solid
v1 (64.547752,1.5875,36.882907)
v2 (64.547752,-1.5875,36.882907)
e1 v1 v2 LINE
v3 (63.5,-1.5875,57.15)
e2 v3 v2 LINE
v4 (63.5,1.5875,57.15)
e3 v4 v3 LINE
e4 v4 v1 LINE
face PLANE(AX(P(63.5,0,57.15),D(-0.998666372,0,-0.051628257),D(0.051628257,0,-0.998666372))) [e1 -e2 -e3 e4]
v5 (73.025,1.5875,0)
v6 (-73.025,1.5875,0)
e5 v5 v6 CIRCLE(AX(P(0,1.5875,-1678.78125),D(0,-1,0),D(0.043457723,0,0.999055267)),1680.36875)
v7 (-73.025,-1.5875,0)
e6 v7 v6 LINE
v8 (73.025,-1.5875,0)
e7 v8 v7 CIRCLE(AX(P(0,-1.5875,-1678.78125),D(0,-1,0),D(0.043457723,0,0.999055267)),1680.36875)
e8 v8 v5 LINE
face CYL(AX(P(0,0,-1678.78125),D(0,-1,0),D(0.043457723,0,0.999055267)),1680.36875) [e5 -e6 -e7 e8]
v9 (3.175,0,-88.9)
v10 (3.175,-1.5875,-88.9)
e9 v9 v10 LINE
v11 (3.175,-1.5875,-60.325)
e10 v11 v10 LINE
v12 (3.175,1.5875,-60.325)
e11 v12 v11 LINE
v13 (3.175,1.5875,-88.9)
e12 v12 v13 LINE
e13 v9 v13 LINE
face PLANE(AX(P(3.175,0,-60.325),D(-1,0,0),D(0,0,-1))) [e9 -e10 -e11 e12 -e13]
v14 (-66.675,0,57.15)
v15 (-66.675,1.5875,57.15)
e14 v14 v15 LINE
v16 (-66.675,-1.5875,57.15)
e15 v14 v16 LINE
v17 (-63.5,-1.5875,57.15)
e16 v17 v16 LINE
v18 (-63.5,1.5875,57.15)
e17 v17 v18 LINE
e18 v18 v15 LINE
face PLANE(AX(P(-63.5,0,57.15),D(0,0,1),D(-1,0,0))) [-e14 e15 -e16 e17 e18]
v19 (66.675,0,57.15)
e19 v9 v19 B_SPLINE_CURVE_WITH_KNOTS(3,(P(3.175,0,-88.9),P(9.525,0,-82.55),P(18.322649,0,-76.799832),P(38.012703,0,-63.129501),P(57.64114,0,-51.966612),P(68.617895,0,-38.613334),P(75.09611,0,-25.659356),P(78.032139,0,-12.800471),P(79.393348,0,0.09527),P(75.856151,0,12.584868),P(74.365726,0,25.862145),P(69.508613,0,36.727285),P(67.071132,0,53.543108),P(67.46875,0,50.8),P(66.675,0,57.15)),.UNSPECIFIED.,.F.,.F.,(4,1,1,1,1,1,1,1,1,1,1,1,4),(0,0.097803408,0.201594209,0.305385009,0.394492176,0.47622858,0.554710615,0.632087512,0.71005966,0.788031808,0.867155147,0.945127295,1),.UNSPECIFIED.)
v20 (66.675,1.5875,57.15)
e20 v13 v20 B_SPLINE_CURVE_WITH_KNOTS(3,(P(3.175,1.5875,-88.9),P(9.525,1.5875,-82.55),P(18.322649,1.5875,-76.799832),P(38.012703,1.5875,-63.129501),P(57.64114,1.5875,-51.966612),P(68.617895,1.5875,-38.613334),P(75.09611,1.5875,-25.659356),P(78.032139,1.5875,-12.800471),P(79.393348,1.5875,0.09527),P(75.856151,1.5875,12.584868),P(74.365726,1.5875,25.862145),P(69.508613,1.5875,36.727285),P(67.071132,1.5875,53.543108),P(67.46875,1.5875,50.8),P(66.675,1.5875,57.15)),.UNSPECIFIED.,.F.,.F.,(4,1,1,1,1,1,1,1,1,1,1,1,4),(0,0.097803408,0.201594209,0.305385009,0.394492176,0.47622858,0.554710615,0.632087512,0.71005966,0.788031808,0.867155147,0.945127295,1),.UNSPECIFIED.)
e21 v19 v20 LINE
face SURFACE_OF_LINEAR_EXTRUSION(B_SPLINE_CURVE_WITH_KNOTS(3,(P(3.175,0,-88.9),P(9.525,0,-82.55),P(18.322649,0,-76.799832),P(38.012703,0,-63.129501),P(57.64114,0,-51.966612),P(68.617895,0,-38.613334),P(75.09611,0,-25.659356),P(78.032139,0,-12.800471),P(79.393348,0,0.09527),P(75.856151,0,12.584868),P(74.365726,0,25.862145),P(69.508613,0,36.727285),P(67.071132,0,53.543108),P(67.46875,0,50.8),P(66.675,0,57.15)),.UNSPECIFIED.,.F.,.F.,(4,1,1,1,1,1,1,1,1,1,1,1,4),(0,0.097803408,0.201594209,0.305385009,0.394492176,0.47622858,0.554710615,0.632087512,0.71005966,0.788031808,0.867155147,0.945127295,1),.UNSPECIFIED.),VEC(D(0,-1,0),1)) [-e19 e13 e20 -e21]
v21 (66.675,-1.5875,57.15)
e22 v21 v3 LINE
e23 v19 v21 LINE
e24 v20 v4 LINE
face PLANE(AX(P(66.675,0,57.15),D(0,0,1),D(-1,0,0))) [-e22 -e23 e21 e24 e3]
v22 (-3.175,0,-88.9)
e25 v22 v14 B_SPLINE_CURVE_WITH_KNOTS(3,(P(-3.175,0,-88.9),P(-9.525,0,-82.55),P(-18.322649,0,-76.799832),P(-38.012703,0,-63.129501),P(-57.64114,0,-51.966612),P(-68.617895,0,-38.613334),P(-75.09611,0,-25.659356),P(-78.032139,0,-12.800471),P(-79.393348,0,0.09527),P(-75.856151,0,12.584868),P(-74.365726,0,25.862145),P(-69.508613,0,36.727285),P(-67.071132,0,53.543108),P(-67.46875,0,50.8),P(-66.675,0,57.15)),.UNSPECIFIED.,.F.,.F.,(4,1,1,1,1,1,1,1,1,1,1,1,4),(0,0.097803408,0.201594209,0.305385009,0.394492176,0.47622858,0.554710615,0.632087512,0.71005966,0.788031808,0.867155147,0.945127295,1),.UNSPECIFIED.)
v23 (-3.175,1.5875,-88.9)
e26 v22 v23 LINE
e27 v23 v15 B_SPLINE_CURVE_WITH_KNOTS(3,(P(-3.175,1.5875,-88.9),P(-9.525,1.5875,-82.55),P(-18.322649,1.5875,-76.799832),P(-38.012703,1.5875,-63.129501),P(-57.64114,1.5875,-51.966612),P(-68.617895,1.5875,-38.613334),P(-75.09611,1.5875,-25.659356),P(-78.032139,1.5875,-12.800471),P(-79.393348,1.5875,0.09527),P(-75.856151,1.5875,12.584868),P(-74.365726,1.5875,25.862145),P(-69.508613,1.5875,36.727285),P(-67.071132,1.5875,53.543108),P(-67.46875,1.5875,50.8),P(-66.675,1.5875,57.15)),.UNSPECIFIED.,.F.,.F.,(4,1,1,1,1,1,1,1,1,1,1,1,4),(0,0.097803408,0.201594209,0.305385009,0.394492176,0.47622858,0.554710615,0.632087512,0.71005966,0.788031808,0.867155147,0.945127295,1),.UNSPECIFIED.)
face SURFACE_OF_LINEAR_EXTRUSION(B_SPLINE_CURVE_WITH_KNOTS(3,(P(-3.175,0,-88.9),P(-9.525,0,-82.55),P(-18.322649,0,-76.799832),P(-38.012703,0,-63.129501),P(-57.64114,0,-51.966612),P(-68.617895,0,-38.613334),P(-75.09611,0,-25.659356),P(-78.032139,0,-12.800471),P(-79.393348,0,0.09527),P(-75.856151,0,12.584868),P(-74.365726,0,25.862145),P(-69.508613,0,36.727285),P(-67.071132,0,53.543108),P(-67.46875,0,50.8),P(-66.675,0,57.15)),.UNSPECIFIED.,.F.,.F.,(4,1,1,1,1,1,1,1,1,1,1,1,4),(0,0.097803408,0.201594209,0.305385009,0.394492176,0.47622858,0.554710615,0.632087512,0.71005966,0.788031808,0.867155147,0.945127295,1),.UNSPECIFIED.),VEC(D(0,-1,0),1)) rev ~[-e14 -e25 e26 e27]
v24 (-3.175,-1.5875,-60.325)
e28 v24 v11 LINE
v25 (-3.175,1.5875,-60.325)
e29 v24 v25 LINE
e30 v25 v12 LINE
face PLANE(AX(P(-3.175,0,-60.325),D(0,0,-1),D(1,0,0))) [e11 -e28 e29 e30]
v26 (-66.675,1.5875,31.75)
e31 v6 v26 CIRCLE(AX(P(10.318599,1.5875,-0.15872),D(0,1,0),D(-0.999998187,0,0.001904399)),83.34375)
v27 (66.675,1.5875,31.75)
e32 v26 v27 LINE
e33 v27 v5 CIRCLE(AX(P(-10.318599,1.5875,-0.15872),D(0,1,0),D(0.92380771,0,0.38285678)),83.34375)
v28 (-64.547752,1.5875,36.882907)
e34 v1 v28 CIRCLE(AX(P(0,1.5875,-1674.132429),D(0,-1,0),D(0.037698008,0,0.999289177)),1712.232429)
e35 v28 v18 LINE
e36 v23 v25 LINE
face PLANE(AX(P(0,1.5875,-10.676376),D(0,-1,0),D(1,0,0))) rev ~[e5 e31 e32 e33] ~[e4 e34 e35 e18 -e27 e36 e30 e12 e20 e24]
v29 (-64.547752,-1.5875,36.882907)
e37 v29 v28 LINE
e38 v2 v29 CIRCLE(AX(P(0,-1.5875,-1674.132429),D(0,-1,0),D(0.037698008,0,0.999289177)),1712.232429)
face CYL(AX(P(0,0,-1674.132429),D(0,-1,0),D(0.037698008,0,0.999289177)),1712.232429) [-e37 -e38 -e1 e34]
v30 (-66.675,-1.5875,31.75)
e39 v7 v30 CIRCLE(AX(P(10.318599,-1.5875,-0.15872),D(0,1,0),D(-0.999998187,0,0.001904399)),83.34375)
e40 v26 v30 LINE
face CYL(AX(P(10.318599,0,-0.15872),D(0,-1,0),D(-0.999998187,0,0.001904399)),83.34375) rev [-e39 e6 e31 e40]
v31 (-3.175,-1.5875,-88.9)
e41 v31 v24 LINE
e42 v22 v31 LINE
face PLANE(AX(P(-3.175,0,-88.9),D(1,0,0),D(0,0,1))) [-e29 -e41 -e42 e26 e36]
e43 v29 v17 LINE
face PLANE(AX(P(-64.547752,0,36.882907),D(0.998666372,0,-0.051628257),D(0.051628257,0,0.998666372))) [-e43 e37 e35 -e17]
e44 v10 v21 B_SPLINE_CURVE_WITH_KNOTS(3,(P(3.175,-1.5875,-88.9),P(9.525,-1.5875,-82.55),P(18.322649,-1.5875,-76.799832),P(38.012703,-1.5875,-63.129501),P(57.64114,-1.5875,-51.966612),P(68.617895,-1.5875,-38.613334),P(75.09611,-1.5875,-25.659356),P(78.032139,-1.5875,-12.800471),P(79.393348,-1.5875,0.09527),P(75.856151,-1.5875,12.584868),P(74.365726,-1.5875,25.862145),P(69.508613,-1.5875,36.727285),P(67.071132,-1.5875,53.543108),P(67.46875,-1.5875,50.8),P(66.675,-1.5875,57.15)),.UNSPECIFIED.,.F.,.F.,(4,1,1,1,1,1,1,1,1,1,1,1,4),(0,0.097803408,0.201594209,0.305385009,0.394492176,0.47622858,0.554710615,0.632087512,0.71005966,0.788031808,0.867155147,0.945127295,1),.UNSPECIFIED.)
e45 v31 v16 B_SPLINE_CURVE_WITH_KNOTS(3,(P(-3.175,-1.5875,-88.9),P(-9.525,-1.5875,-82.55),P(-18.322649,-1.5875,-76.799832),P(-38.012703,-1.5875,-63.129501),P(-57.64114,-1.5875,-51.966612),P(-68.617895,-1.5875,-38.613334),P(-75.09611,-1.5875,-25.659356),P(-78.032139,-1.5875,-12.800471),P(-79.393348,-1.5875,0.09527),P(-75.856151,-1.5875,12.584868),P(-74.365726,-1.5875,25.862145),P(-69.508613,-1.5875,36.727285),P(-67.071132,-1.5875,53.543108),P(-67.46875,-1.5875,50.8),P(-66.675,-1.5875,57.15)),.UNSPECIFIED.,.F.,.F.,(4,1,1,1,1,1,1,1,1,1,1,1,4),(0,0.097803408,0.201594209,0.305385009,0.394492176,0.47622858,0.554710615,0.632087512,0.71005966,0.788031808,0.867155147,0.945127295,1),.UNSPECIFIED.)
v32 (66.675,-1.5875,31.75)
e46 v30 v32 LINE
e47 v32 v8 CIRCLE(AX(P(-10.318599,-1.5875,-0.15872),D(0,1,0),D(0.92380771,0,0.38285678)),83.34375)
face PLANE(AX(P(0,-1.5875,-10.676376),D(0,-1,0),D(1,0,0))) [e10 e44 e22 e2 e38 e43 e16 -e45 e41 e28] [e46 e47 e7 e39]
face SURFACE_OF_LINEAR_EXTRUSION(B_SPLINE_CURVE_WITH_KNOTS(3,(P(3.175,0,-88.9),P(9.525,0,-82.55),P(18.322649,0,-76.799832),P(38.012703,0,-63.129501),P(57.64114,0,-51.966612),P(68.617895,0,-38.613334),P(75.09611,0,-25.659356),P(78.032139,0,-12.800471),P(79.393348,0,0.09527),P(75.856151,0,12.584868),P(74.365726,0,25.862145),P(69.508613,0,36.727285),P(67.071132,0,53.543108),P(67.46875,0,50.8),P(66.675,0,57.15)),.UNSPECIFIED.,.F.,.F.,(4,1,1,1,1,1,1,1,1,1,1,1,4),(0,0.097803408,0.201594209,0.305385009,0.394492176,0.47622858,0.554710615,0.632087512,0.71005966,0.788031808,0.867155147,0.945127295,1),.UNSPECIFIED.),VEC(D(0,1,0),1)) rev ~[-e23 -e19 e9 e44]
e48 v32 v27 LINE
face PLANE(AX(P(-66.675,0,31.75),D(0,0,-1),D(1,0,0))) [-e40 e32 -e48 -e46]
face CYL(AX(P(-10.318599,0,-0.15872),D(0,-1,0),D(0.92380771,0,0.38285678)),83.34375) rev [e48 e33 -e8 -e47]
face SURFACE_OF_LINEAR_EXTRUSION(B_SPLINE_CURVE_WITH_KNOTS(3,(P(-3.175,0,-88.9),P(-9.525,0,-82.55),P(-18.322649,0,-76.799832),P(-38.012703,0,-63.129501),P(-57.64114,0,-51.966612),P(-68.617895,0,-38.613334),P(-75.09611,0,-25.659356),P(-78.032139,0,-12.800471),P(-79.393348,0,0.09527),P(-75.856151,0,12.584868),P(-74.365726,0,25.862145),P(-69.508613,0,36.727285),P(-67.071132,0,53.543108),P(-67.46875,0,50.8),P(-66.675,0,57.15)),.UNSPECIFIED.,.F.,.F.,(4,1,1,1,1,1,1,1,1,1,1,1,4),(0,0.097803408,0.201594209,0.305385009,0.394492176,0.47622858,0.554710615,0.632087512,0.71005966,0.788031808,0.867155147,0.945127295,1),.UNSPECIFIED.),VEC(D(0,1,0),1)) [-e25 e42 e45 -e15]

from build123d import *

# Parameters (mm, degrees)
F1_DEPTH = 1.5875


with BuildPart() as f1:
    # F0 (on Front) → F1 (new body, symmetric)
    with BuildSketch(Plane.XZ):
        with BuildLine():
            Line((-3.175, -60.325), (0, -60.325))
            Line((0, -60.325), (3.175, -60.325))
            Line((3.175, -60.325), (3.175, -88.9))
            add(Edge.make_bspline(
                [(3.175, -88.9), (9.525, -82.55), (18.322648614, -76.7998323478), (38.0127026596, -63.1295012035), (57.6411399966, -51.9666121279), (68.6178953906, -38.6133337186), (75.0961100803, -25.6593561366), (78.0321385195, -12.8004713072), (79.3933482148, 0.0952703304), (75.8561506316, 12.5848677159), (74.3657261098, 25.8621448842), (69.5086129865, 36.7272854798), (67.0711320283, 53.5431078659), (67.46875, 50.8), (66.675, 57.15)],
                knots=[0, 0, 0, 0, 0.0978034082, 0.2015942086, 0.305385009, 0.3944921763, 0.4762285798, 0.5547106147, 0.6320875119, 0.7100596598, 0.7880318077, 0.8671551472, 0.9451272951, 1, 1, 1, 1], degree=3))
            Line((66.675, 57.15), (63.5, 57.15))
            Line((63.5, 57.15), (64.5477520151, 36.8829065911))
            ThreePointArc((64.5477520151, 36.8829065911), (0, 38.1), (-64.5477520151, 36.8829065911))
            Line((-64.5477520151, 36.8829065911), (-63.5, 57.15))
            Line((-63.5, 57.15), (-66.675, 57.15))
            add(Edge.make_bspline(
                [(-3.175, -88.9), (-9.525, -82.55), (-18.322648614, -76.7998323478), (-38.0127026596, -63.1295012035), (-57.6411399966, -51.9666121279), (-68.6178953906, -38.6133337186), (-75.0961100803, -25.6593561366), (-78.0321385195, -12.8004713072), (-79.3933482148, 0.0952703304), (-75.8561506316, 12.5848677159), (-74.3657261098, 25.8621448842), (-69.5086129865, 36.7272854798), (-67.0711320283, 53.5431078659), (-67.46875, 50.8), (-66.675, 57.15)],
                knots=[0, 0, 0, 0, 0.0978034082, 0.2015942086, 0.305385009, 0.3944921763, 0.4762285798, 0.5547106147, 0.6320875119, 0.7100596598, 0.7880318077, 0.8671551472, 0.9451272951, 1, 1, 1, 1], degree=3))
            Line((-3.175, -88.9), (-3.175, -60.325))
        make_face()
        with BuildLine():
            Line((-66.675, 31.75), (0, 31.75))
            Line((0, 31.75), (66.675, 31.75))
            ThreePointArc((66.675, 31.75), (71.4066718227, 16.1863343645), (73.025, 0))
            ThreePointArc((73.025, 0), (0, 1.5875), (-73.025, 0))
            ThreePointArc((-73.025, 0), (-71.4066718227, 16.1863343645), (-66.675, 31.75))
        make_face(mode=Mode.SUBTRACT)
    extrude(amount=F1_DEPTH, both=True)


solid = f1.part
